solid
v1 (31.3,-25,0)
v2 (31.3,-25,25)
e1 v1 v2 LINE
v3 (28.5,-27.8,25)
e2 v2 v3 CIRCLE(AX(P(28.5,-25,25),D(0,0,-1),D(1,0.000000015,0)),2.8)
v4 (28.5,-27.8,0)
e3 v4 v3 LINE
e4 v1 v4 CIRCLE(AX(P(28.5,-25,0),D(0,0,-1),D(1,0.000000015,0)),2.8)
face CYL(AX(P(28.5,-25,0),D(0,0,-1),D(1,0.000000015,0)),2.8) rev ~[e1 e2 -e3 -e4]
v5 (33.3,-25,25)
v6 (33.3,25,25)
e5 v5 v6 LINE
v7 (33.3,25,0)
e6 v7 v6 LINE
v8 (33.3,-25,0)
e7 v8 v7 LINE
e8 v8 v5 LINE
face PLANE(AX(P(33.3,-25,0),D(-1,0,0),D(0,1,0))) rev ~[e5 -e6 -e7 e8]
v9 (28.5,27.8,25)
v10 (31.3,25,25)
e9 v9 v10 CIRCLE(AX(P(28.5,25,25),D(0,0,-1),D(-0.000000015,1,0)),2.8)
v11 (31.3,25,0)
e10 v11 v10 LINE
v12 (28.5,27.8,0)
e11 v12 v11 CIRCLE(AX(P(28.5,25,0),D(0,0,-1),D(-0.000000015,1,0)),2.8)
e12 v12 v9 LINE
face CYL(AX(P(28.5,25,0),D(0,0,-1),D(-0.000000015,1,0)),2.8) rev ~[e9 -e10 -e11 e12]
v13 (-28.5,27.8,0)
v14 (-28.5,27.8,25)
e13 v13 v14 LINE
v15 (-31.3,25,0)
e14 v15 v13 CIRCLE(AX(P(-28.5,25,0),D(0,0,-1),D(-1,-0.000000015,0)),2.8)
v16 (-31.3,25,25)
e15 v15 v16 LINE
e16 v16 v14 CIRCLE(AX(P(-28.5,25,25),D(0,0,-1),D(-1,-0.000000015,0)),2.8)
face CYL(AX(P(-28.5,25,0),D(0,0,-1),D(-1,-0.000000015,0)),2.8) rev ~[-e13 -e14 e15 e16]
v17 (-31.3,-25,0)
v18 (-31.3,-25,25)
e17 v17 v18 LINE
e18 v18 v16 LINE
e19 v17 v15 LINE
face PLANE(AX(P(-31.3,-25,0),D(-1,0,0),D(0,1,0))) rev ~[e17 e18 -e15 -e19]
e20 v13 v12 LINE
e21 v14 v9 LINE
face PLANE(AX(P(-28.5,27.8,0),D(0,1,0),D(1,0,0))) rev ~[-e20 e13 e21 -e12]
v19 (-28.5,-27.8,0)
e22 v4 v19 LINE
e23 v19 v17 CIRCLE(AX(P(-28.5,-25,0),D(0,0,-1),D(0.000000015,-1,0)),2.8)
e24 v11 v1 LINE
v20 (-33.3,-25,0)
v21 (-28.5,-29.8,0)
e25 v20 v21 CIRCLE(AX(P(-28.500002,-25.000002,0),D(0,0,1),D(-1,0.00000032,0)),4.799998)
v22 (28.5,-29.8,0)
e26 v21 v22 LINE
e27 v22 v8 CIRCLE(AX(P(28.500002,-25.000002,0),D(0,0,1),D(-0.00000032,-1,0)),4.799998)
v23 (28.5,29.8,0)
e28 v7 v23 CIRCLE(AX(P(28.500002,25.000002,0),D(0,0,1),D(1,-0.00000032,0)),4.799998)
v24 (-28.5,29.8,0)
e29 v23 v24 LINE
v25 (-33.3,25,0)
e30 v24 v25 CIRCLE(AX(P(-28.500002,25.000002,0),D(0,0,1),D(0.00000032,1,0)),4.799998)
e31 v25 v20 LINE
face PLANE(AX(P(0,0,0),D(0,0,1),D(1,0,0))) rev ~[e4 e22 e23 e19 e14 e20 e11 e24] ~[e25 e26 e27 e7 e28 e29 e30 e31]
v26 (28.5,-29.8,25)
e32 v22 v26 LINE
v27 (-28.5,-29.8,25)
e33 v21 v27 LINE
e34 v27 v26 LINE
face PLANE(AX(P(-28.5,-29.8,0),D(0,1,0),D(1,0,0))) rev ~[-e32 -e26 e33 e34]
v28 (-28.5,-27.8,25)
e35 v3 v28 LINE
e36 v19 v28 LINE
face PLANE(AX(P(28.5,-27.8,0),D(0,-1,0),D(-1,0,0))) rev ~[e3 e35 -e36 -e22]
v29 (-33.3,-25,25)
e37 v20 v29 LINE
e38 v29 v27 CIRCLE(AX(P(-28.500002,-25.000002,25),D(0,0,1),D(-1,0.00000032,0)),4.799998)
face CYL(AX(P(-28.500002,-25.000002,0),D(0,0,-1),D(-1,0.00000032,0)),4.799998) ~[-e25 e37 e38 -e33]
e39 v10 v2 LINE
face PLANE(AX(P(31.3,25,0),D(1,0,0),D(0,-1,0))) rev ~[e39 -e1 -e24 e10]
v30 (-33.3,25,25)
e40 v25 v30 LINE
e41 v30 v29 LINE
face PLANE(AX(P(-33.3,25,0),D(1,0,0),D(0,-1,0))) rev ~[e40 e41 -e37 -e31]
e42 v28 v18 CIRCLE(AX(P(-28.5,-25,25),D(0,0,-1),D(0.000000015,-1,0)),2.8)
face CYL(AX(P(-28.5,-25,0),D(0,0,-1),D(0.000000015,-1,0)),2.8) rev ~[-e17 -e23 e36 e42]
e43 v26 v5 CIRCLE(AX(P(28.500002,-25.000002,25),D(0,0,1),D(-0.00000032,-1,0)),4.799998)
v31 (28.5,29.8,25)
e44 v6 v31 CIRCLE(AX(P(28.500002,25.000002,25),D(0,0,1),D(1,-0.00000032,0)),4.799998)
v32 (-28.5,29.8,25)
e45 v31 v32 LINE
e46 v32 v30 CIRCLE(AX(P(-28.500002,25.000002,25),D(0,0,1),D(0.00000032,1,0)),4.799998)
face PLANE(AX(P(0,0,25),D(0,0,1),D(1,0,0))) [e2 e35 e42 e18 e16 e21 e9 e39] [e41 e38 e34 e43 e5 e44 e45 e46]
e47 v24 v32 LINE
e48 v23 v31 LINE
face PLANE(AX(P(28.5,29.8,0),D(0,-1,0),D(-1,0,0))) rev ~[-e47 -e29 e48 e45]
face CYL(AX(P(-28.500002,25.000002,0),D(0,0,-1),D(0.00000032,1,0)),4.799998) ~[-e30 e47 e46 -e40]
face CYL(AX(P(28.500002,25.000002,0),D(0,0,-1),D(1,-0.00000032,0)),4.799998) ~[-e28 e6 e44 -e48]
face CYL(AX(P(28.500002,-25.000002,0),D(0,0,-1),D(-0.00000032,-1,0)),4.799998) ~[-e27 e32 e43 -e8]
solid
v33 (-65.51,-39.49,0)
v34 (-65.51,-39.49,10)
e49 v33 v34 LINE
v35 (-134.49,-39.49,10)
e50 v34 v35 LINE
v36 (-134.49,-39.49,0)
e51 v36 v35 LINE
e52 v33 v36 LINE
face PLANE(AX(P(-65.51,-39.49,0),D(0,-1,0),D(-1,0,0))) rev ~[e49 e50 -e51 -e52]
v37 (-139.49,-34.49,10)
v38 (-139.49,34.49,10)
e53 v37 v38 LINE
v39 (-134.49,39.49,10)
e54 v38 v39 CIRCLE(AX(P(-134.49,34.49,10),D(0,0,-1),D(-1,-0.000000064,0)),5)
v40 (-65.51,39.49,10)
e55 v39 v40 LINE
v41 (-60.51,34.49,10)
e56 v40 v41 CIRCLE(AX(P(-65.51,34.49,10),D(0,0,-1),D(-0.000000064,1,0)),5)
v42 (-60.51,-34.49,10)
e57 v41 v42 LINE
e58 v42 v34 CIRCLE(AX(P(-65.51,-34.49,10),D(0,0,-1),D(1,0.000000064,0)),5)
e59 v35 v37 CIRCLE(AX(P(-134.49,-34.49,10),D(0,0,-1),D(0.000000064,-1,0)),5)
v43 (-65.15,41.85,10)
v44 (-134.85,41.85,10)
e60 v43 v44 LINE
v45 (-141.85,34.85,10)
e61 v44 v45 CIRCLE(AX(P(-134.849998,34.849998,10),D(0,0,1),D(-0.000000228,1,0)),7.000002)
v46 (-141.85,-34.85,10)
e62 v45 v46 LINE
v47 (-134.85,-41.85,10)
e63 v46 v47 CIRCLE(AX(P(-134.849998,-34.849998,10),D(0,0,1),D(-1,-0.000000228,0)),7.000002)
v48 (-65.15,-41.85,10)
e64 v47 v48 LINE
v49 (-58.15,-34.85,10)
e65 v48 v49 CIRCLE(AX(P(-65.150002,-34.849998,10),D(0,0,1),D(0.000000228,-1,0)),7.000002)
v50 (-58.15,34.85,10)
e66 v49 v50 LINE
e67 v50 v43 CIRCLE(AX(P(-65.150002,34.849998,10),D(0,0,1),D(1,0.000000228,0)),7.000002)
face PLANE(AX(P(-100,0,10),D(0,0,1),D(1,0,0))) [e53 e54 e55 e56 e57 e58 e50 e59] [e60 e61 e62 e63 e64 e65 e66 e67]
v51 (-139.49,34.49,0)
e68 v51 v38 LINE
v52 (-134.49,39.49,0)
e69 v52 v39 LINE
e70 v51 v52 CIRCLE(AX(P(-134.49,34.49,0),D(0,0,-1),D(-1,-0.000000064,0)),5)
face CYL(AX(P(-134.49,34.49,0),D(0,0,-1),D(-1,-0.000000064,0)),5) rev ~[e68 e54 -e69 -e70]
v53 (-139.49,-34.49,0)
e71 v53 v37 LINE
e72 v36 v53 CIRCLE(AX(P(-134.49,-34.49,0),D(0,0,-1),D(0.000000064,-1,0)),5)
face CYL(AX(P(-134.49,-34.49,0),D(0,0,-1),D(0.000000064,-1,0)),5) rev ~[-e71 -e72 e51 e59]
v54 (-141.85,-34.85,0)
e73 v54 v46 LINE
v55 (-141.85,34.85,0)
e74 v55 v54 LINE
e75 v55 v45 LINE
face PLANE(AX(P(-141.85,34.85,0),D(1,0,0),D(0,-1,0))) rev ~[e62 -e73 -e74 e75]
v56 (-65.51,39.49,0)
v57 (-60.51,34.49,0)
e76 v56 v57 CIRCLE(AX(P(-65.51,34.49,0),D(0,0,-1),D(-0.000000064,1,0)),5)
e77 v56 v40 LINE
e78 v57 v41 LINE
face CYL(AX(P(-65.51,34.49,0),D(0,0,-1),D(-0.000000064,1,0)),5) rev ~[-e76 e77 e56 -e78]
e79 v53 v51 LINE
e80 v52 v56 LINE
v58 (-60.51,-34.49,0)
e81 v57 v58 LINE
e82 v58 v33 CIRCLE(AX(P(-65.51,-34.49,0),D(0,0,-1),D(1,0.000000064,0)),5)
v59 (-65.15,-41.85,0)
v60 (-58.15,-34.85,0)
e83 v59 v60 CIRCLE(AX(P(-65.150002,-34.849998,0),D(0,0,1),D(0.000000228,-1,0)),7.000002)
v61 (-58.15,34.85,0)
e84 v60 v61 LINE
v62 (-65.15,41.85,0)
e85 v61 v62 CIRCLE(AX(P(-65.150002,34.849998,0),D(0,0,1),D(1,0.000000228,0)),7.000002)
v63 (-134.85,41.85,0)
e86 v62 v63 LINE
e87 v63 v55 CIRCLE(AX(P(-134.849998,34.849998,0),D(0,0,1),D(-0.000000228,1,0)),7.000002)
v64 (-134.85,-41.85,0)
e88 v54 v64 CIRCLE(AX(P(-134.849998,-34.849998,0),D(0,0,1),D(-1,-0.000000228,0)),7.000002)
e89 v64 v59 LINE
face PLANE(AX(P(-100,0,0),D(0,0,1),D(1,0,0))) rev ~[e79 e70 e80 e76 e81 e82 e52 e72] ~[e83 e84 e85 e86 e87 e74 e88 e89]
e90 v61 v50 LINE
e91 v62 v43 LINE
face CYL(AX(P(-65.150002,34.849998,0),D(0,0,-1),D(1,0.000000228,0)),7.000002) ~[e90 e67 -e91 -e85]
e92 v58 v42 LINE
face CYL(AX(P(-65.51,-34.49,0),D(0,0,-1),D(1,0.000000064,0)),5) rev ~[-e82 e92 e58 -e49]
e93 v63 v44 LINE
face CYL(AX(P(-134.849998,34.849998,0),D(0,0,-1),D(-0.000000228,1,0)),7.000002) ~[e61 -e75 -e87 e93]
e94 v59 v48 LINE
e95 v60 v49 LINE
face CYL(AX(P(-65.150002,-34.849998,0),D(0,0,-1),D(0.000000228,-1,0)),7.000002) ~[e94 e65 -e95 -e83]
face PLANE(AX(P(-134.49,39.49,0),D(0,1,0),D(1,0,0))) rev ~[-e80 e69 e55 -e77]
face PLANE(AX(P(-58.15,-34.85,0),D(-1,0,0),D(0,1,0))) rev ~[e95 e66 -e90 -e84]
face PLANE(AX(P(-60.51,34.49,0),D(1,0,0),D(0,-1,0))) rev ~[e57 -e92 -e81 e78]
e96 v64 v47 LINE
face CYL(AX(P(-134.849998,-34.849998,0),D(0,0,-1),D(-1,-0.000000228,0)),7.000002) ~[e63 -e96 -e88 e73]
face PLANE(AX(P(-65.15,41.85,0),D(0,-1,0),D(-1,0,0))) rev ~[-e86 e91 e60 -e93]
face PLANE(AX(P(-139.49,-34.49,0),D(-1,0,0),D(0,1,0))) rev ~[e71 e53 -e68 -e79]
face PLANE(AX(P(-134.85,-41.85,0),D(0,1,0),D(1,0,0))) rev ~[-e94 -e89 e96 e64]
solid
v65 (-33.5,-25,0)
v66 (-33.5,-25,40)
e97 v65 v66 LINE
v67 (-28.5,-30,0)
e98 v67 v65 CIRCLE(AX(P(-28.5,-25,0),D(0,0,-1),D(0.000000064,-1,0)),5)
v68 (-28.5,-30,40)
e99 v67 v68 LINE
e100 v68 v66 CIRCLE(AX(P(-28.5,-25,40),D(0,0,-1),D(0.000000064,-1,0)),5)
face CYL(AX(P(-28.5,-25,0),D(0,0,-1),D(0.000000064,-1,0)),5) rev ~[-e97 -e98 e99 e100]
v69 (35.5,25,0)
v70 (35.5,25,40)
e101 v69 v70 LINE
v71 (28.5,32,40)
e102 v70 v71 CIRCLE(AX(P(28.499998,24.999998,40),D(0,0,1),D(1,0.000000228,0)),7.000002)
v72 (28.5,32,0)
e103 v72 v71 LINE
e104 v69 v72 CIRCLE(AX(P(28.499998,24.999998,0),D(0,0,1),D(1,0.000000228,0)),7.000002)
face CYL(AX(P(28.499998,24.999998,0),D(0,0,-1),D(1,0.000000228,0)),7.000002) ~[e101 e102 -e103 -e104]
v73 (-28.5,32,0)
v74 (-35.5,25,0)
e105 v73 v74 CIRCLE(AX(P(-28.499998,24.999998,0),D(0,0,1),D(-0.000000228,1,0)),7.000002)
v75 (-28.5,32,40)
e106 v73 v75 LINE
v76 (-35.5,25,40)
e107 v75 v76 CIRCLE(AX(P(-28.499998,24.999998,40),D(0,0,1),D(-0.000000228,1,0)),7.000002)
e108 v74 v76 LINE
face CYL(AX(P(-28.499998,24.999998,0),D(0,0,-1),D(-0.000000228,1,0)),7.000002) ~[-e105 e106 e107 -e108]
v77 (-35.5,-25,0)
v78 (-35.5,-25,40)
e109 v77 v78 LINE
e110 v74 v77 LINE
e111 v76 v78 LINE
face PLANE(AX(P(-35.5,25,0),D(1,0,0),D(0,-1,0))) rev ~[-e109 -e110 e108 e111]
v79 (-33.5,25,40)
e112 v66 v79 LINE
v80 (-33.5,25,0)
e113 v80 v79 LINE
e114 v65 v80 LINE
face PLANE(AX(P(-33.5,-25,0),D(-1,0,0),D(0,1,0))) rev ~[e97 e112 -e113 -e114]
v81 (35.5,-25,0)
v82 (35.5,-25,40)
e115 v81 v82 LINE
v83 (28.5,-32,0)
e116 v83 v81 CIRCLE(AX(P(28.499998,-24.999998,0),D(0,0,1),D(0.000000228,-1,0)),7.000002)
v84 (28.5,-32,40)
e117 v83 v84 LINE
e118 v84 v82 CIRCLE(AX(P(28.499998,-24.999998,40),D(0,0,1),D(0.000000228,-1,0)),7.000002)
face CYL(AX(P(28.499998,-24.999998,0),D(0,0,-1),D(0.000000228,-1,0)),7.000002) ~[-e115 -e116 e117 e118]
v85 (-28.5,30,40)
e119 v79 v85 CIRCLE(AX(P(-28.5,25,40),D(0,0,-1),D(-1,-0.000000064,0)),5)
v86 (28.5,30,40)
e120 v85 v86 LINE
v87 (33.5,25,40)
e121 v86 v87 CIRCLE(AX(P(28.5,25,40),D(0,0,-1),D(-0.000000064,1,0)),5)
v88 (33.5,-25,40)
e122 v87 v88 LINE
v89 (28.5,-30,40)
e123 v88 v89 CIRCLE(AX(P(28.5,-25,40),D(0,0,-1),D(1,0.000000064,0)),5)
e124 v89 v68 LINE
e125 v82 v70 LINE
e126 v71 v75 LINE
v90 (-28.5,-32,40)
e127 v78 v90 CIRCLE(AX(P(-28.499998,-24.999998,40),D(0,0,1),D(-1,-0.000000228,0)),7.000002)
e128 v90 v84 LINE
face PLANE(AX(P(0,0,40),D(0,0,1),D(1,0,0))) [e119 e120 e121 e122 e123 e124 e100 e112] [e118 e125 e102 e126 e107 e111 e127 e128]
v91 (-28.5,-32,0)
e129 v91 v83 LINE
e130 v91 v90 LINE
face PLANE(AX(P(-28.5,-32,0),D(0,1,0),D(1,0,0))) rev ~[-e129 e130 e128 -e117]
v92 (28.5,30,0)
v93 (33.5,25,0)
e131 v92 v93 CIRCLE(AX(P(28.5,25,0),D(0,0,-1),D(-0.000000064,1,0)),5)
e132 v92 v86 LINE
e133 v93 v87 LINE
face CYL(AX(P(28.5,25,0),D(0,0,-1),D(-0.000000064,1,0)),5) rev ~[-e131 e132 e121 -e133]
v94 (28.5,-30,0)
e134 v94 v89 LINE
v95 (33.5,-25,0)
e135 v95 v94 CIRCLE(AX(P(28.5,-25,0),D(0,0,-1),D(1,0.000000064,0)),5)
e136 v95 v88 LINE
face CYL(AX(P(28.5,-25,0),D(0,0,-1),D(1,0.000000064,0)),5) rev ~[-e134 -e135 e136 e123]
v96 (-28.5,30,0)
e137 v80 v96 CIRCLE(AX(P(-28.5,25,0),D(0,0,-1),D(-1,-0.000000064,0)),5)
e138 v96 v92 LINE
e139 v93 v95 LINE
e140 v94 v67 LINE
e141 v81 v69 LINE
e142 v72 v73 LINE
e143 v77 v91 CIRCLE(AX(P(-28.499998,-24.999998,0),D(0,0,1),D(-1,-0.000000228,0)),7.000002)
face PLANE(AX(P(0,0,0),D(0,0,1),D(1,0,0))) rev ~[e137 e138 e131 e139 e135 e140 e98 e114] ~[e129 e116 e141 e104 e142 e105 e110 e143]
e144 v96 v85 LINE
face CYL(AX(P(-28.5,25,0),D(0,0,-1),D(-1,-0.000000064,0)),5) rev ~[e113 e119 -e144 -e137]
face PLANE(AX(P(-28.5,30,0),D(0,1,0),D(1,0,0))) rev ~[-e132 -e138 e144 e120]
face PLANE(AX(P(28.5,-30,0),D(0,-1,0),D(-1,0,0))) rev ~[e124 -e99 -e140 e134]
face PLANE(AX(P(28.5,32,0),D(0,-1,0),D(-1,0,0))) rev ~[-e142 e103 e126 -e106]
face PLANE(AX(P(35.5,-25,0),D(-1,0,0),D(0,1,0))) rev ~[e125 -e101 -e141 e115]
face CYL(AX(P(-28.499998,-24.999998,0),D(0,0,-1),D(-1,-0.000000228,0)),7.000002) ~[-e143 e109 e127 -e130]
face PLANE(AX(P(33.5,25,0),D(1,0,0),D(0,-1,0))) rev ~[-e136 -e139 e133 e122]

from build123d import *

# Parameters (mm, degrees)
F1_DEPTH = 25
F2_DEPTH = 40
F4_DEPTH = 10


with BuildPart() as f1:
    # F0 (on Top) → F1 (new body)
    with BuildSketch(Plane.XY):
        with BuildLine():
            Line((28.5, 29.8), (-28.5, 29.8))
            ThreePointArc((-28.5, 29.8), (-31.894113, 28.394113), (-33.3, 25))
            Line((-33.3, 25), (-33.3, -25))
            ThreePointArc((-33.3, -25), (-31.894113, -28.394113), (-28.5, -29.8))
            Line((-28.5, -29.8), (28.5, -29.8))
            ThreePointArc((28.5, -29.8), (31.894113, -28.394113), (33.3, -25))
            Line((33.3, -25), (33.3, 25))
            ThreePointArc((33.3, 25), (31.894113, 28.394113), (28.5, 29.8))
        make_face()
        with BuildLine():
            ThreePointArc((-31.3, 25), (-30.479899, 26.979899), (-28.5, 27.8))
            Line((-28.5, 27.8), (28.5, 27.8))
            ThreePointArc((28.5, 27.8), (30.479899, 26.979899), (31.3, 25))
            Line((31.3, 25), (31.3, -25))
            ThreePointArc((31.3, -25), (30.479899, -26.979899), (28.5, -27.8))
            Line((28.5, -27.8), (-28.5, -27.8))
            ThreePointArc((-28.5, -27.8), (-30.479899, -26.979899), (-31.3, -25))
            Line((-31.3, -25), (-31.3, 25))
        make_face(mode=Mode.SUBTRACT)
    extrude(amount=F1_DEPTH)


with BuildPart() as f2:
    # F0 (on Top) → F2 (new body)
    with BuildSketch(Plane.XY):
        with BuildLine():
            Line((28.5, 32), (-28.5, 32))
            ThreePointArc((-28.5, 32), (-33.449747, 29.949747), (-35.5, 25))
            Line((-35.5, 25), (-35.5, -25))
            ThreePointArc((-35.5, -25), (-33.449747, -29.949747), (-28.5, -32))
            Line((-28.5, -32), (28.5, -32))
            ThreePointArc((28.5, -32), (33.449747, -29.949747), (35.5, -25))
            Line((35.5, -25), (35.5, 25))
            ThreePointArc((35.5, 25), (33.449747, 29.949747), (28.5, 32))
        make_face()
        with BuildLine():
            ThreePointArc((-33.5, 25), (-32.035534, 28.535534), (-28.5, 30))
            Line((-28.5, 30), (28.5, 30))
            ThreePointArc((28.5, 30), (32.035534, 28.535534), (33.5, 25))
            Line((33.5, 25), (33.5, -25))
            ThreePointArc((33.5, -25), (32.035534, -28.535534), (28.5, -30))
            Line((28.5, -30), (-28.5, -30))
            ThreePointArc((-28.5, -30), (-32.035534, -28.535534), (-33.5, -25))
            Line((-33.5, -25), (-33.5, 25))
        make_face(mode=Mode.SUBTRACT)
    extrude(amount=F2_DEPTH)


with BuildPart() as f4:
    # F3 (on Top) → F4 (new body)
    with BuildSketch(Plane.XY):
        with BuildLine():
            Line((-65.15, 41.85), (-134.85, 41.85))
            ThreePointArc((-134.85, 41.85), (-139.799747, 39.799747), (-141.85, 34.85))
            Line((-141.85, 34.85), (-141.85, -34.85))
            ThreePointArc((-141.85, -34.85), (-139.799747, -39.799747), (-134.85, -41.85))
            Line((-134.85, -41.85), (-65.15, -41.85))
            ThreePointArc((-65.15, -41.85), (-60.200253, -39.799747), (-58.15, -34.85))
            Line((-58.15, -34.85), (-58.15, 34.85))
            ThreePointArc((-58.15, 34.85), (-60.200253, 39.799747), (-65.15, 41.85))
        make_face()
        with BuildLine():
            ThreePointArc((-139.49, 34.49), (-138.025534, 38.025534), (-134.49, 39.49))
            Line((-134.49, 39.49), (-65.51, 39.49))
            ThreePointArc((-65.51, 39.49), (-61.974466, 38.025534), (-60.51, 34.49))
            Line((-60.51, 34.49), (-60.51, -34.49))
            ThreePointArc((-60.51, -34.49), (-61.974466, -38.025534), (-65.51, -39.49))
            Line((-65.51, -39.49), (-134.49, -39.49))
            ThreePointArc((-134.49, -39.49), (-138.025534, -38.025534), (-139.49, -34.49))
            Line((-139.49, -34.49), (-139.49, 34.49))
        make_face(mode=Mode.SUBTRACT)
    extrude(amount=F4_DEPTH)


solid = Compound([f1.part, f2.part, f4.part])
